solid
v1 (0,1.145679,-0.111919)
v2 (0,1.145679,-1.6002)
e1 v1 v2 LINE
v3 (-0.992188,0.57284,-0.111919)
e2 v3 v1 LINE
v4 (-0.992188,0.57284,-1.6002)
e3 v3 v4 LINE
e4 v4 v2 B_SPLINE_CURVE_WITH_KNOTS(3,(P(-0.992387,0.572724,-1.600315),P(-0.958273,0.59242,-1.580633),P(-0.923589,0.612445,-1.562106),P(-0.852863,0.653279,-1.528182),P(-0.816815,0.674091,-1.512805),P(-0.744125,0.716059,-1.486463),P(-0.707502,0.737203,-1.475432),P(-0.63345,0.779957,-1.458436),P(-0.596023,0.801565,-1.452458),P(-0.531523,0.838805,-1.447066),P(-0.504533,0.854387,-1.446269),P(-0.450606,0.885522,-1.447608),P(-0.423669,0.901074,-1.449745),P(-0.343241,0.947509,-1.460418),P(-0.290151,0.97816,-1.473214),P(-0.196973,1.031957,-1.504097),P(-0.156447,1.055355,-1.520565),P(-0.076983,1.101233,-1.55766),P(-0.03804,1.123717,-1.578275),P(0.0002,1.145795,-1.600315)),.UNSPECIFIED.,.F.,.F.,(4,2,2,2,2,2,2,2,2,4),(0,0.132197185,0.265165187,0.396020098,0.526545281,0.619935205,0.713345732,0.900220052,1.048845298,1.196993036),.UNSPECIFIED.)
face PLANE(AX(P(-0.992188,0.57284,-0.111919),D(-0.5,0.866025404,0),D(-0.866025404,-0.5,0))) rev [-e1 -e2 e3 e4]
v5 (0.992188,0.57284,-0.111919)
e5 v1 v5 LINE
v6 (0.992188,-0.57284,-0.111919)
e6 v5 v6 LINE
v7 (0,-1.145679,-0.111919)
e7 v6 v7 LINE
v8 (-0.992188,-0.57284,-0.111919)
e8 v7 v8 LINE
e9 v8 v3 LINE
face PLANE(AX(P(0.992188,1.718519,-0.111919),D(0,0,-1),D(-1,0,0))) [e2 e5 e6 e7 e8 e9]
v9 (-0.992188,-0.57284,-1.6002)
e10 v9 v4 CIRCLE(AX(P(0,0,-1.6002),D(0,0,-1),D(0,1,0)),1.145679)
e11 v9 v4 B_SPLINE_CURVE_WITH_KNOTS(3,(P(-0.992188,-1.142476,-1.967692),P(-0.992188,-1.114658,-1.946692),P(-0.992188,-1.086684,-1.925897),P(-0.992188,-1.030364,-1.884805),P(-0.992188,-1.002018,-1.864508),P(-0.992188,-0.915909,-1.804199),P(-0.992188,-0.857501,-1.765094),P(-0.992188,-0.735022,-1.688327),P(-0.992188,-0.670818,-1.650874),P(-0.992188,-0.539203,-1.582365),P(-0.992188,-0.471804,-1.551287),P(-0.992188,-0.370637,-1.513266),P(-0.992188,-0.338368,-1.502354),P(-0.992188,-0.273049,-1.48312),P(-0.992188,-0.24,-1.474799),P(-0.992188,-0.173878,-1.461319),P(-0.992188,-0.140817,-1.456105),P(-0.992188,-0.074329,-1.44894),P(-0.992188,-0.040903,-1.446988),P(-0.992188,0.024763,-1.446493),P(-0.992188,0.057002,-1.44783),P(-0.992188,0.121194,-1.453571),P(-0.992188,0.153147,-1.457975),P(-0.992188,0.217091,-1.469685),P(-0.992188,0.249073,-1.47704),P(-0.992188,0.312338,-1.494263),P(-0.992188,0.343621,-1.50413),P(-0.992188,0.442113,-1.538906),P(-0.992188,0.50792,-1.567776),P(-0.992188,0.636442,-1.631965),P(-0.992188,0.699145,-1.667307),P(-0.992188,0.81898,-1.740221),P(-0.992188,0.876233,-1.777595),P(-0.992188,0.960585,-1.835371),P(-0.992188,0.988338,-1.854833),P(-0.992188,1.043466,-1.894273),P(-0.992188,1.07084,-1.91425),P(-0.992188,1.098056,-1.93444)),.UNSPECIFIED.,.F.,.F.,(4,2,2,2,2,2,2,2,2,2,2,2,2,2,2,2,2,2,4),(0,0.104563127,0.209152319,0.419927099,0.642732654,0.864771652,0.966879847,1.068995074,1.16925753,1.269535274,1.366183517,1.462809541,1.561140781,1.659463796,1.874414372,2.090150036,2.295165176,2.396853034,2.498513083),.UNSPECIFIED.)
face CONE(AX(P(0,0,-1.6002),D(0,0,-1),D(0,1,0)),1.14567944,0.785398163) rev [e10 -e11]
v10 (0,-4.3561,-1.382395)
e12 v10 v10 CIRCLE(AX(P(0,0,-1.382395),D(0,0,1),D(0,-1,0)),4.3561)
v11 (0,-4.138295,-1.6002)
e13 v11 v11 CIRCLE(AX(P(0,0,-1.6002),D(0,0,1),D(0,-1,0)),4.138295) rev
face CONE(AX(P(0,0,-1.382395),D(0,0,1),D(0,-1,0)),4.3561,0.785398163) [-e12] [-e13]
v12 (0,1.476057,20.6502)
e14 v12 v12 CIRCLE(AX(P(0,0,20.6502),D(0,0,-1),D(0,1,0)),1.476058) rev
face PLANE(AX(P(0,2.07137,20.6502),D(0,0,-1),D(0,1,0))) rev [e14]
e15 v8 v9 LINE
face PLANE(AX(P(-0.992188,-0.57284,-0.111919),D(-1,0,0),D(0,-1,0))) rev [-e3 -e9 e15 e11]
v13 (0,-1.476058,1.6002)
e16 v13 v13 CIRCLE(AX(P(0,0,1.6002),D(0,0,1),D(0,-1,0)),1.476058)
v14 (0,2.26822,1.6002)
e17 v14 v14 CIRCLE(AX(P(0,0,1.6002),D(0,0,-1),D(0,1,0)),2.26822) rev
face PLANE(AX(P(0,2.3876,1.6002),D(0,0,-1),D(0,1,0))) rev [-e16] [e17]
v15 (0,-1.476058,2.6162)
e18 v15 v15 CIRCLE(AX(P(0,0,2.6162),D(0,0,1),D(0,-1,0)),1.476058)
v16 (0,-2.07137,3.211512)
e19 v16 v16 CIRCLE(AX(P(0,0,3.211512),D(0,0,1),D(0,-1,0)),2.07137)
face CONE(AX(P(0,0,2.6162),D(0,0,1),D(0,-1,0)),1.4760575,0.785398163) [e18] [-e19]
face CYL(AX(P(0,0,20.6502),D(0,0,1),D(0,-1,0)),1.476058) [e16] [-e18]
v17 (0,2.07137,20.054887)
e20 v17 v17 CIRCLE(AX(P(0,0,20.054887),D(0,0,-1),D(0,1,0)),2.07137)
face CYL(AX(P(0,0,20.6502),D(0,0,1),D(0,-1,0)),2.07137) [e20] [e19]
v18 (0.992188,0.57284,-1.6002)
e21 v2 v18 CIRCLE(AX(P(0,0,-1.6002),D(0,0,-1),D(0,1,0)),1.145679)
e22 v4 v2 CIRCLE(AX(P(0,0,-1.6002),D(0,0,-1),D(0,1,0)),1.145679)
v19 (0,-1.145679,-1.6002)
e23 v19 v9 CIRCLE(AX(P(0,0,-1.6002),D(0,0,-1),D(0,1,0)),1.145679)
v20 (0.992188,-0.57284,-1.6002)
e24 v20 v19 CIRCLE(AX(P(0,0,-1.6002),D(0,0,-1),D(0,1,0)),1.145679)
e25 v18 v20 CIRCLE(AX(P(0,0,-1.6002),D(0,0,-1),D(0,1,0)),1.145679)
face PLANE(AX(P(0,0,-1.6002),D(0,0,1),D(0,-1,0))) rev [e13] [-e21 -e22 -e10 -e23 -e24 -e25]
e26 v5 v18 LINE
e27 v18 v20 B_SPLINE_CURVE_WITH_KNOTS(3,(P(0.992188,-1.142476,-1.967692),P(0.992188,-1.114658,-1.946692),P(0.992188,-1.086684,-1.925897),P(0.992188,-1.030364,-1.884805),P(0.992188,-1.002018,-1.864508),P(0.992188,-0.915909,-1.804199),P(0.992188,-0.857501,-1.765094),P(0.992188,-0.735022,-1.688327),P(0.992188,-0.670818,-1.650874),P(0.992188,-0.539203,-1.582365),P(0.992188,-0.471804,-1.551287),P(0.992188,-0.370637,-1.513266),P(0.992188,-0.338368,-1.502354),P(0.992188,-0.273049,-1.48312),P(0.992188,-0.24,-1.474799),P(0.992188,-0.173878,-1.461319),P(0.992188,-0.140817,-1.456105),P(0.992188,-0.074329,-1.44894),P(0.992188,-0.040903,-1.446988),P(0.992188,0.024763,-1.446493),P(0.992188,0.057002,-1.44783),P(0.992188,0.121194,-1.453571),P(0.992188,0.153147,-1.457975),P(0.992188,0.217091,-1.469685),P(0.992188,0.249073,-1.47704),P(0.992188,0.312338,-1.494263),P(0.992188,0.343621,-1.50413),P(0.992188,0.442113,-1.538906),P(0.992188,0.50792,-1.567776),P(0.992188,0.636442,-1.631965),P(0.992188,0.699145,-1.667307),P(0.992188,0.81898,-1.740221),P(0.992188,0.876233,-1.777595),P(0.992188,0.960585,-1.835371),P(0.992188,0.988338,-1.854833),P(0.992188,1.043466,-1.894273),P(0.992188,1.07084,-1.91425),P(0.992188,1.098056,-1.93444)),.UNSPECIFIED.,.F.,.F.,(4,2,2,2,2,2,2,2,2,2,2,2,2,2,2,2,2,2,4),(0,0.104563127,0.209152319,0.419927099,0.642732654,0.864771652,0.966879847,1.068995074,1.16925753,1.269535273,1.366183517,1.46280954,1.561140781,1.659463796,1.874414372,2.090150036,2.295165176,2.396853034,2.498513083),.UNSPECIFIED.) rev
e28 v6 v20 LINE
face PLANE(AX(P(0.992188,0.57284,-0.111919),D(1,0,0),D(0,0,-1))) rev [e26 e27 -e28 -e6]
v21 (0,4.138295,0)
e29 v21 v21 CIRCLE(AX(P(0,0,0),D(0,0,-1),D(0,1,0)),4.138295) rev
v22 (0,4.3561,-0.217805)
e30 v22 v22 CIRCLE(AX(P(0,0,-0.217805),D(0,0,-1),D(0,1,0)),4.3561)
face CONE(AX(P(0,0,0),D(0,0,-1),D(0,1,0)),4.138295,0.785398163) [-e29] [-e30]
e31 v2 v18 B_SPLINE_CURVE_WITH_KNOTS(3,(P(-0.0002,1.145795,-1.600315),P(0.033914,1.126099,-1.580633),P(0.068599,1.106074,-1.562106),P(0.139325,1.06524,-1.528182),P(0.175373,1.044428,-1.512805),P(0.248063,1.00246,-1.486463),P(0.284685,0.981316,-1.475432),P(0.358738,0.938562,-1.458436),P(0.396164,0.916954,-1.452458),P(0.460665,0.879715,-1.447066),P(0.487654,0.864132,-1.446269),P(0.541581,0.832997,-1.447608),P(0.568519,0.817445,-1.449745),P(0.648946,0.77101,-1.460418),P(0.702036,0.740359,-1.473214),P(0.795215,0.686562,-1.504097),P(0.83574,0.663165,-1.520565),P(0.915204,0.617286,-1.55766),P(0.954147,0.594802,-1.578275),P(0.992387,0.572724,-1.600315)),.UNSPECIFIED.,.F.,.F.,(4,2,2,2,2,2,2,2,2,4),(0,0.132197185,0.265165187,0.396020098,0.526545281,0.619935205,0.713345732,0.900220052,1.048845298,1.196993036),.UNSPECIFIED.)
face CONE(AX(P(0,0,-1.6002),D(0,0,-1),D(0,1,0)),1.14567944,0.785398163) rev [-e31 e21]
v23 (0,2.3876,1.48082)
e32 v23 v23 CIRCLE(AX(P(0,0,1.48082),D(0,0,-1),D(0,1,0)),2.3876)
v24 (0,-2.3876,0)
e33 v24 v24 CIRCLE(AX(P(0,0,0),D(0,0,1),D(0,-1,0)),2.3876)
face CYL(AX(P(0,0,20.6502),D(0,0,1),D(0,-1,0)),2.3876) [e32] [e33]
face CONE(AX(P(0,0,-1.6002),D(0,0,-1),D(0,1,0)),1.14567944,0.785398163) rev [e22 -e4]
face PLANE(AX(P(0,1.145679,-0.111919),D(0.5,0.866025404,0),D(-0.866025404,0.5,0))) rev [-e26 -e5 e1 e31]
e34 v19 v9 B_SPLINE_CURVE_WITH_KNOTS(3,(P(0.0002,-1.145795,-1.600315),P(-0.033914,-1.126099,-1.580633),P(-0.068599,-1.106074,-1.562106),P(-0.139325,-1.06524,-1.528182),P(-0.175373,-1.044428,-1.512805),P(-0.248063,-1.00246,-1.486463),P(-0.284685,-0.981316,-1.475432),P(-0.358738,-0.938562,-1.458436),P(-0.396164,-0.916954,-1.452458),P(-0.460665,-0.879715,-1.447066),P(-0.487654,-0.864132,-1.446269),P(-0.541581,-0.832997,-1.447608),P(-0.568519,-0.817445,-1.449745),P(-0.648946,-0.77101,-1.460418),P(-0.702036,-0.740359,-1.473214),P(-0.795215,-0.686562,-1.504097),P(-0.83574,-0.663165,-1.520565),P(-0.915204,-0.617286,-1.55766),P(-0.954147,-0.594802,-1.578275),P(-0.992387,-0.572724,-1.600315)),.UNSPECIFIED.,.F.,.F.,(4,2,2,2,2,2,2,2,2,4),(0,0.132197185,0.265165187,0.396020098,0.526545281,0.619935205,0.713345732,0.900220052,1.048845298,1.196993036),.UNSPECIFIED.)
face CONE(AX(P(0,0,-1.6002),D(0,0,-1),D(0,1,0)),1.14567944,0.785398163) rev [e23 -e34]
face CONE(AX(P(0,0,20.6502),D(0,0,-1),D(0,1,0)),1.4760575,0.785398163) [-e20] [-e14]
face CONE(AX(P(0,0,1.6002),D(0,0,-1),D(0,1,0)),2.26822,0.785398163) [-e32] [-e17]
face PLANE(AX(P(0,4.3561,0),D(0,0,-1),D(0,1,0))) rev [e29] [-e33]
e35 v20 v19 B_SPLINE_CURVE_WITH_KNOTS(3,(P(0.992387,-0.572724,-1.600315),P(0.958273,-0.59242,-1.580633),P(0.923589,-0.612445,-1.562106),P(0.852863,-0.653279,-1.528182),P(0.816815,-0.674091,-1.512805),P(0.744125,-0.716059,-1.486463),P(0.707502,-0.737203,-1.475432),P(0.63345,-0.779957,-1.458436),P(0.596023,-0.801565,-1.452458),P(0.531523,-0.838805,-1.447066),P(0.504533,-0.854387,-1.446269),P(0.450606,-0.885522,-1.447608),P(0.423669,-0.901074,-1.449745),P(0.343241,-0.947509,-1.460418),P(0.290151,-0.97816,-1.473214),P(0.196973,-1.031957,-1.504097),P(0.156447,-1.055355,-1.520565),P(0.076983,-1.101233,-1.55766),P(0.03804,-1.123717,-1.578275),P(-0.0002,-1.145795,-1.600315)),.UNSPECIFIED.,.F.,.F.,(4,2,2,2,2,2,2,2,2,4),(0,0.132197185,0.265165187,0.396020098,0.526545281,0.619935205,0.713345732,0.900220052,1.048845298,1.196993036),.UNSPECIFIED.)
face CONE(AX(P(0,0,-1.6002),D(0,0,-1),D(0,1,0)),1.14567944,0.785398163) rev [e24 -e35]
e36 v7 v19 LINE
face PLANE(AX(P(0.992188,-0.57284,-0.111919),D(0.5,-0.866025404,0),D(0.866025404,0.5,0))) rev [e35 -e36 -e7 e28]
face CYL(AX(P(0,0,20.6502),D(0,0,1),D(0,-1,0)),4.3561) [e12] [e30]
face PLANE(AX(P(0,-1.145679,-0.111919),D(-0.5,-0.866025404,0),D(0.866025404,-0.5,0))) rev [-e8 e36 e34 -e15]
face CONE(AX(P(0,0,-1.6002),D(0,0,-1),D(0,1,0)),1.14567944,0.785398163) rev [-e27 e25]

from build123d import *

# Parameters (mm, degrees)
CHAMFER2_SIZE      = 0.5953125
CUT_EXTRUDE1_DEPTH = 1.48828125
CHAMFER1_SIZE      = 0.217805
CHAMFER3_SIZE      = 0.11938


with BuildPart() as part:
    # Sketch13 → Revolve1 (revolve)
    with BuildSketch(Plane(origin=(0, 0, 0), x_dir=(0, 0, -1), z_dir=(1, 0, 0))):
        Polygon((1.6002, 4.3561), (0, 4.3561), (0, 2.3876), (-1.6002, 2.3876), (-1.6002, 1.4760575), (-2.6162, 1.4760575), (-3.2115125, 2.07137), (-20.6502, 2.07137), (-20.6502, 0), (1.6002, 0), align=None)
    revolve(axis=Axis((0, 0, 20.6502), (0, 0, -1)))

    # Chamfer2
    chamfer2_edges = [part.edges().sort_by_distance(p)[0] for p in [
        (0, -2.07137, 20.6502),
    ]]
    chamfer(chamfer2_edges, length=CHAMFER2_SIZE)

    # Sketch7 → Cut-Extrude1 (cut)
    with BuildSketch(Plane(origin=(0, 0, -1.6002), x_dir=(-1, 0, 0), z_dir=(0, 0, -1))):
        Polygon((0, 1.14567944), (-0.9921875, 0.57283972), (-0.9921875, -0.57283972), (0, -1.14567944), (0.9921875, -0.57283972), (0.9921875, 0.57283972), align=None)
    extrude(amount=-CUT_EXTRUDE1_DEPTH, mode=Mode.SUBTRACT)

    # Chamfer1
    chamfer1_edges = [part.edges().sort_by_distance(p)[0] for p in [
        (0, -4.3561, -1.6002),
        (0, -4.3561, 0),
    ]]
    chamfer(chamfer1_edges, length=CHAMFER1_SIZE)

    # Cut-Extrude2 cone 1 section (through the dimple's axis) → Cut-Extrude2 (revolve, cut)
    with BuildSketch(Plane(origin=(0, 0, -1.6002), x_dir=(0, 1, 0), z_dir=(1, 0, 0))):
        Polygon((0, 0), (1.14567944, 0), (0, 1.14567944), align=None)
    revolve(axis=Axis((0, 0, -1.6002), (0, 0, 1)), mode=Mode.SUBTRACT)

    # Chamfer3
    chamfer3_edges = [part.edges().sort_by_distance(p)[0] for p in [
        (0, -2.3876, 1.6002),
    ]]
    chamfer(chamfer3_edges, length=CHAMFER3_SIZE)


solid = part.part
